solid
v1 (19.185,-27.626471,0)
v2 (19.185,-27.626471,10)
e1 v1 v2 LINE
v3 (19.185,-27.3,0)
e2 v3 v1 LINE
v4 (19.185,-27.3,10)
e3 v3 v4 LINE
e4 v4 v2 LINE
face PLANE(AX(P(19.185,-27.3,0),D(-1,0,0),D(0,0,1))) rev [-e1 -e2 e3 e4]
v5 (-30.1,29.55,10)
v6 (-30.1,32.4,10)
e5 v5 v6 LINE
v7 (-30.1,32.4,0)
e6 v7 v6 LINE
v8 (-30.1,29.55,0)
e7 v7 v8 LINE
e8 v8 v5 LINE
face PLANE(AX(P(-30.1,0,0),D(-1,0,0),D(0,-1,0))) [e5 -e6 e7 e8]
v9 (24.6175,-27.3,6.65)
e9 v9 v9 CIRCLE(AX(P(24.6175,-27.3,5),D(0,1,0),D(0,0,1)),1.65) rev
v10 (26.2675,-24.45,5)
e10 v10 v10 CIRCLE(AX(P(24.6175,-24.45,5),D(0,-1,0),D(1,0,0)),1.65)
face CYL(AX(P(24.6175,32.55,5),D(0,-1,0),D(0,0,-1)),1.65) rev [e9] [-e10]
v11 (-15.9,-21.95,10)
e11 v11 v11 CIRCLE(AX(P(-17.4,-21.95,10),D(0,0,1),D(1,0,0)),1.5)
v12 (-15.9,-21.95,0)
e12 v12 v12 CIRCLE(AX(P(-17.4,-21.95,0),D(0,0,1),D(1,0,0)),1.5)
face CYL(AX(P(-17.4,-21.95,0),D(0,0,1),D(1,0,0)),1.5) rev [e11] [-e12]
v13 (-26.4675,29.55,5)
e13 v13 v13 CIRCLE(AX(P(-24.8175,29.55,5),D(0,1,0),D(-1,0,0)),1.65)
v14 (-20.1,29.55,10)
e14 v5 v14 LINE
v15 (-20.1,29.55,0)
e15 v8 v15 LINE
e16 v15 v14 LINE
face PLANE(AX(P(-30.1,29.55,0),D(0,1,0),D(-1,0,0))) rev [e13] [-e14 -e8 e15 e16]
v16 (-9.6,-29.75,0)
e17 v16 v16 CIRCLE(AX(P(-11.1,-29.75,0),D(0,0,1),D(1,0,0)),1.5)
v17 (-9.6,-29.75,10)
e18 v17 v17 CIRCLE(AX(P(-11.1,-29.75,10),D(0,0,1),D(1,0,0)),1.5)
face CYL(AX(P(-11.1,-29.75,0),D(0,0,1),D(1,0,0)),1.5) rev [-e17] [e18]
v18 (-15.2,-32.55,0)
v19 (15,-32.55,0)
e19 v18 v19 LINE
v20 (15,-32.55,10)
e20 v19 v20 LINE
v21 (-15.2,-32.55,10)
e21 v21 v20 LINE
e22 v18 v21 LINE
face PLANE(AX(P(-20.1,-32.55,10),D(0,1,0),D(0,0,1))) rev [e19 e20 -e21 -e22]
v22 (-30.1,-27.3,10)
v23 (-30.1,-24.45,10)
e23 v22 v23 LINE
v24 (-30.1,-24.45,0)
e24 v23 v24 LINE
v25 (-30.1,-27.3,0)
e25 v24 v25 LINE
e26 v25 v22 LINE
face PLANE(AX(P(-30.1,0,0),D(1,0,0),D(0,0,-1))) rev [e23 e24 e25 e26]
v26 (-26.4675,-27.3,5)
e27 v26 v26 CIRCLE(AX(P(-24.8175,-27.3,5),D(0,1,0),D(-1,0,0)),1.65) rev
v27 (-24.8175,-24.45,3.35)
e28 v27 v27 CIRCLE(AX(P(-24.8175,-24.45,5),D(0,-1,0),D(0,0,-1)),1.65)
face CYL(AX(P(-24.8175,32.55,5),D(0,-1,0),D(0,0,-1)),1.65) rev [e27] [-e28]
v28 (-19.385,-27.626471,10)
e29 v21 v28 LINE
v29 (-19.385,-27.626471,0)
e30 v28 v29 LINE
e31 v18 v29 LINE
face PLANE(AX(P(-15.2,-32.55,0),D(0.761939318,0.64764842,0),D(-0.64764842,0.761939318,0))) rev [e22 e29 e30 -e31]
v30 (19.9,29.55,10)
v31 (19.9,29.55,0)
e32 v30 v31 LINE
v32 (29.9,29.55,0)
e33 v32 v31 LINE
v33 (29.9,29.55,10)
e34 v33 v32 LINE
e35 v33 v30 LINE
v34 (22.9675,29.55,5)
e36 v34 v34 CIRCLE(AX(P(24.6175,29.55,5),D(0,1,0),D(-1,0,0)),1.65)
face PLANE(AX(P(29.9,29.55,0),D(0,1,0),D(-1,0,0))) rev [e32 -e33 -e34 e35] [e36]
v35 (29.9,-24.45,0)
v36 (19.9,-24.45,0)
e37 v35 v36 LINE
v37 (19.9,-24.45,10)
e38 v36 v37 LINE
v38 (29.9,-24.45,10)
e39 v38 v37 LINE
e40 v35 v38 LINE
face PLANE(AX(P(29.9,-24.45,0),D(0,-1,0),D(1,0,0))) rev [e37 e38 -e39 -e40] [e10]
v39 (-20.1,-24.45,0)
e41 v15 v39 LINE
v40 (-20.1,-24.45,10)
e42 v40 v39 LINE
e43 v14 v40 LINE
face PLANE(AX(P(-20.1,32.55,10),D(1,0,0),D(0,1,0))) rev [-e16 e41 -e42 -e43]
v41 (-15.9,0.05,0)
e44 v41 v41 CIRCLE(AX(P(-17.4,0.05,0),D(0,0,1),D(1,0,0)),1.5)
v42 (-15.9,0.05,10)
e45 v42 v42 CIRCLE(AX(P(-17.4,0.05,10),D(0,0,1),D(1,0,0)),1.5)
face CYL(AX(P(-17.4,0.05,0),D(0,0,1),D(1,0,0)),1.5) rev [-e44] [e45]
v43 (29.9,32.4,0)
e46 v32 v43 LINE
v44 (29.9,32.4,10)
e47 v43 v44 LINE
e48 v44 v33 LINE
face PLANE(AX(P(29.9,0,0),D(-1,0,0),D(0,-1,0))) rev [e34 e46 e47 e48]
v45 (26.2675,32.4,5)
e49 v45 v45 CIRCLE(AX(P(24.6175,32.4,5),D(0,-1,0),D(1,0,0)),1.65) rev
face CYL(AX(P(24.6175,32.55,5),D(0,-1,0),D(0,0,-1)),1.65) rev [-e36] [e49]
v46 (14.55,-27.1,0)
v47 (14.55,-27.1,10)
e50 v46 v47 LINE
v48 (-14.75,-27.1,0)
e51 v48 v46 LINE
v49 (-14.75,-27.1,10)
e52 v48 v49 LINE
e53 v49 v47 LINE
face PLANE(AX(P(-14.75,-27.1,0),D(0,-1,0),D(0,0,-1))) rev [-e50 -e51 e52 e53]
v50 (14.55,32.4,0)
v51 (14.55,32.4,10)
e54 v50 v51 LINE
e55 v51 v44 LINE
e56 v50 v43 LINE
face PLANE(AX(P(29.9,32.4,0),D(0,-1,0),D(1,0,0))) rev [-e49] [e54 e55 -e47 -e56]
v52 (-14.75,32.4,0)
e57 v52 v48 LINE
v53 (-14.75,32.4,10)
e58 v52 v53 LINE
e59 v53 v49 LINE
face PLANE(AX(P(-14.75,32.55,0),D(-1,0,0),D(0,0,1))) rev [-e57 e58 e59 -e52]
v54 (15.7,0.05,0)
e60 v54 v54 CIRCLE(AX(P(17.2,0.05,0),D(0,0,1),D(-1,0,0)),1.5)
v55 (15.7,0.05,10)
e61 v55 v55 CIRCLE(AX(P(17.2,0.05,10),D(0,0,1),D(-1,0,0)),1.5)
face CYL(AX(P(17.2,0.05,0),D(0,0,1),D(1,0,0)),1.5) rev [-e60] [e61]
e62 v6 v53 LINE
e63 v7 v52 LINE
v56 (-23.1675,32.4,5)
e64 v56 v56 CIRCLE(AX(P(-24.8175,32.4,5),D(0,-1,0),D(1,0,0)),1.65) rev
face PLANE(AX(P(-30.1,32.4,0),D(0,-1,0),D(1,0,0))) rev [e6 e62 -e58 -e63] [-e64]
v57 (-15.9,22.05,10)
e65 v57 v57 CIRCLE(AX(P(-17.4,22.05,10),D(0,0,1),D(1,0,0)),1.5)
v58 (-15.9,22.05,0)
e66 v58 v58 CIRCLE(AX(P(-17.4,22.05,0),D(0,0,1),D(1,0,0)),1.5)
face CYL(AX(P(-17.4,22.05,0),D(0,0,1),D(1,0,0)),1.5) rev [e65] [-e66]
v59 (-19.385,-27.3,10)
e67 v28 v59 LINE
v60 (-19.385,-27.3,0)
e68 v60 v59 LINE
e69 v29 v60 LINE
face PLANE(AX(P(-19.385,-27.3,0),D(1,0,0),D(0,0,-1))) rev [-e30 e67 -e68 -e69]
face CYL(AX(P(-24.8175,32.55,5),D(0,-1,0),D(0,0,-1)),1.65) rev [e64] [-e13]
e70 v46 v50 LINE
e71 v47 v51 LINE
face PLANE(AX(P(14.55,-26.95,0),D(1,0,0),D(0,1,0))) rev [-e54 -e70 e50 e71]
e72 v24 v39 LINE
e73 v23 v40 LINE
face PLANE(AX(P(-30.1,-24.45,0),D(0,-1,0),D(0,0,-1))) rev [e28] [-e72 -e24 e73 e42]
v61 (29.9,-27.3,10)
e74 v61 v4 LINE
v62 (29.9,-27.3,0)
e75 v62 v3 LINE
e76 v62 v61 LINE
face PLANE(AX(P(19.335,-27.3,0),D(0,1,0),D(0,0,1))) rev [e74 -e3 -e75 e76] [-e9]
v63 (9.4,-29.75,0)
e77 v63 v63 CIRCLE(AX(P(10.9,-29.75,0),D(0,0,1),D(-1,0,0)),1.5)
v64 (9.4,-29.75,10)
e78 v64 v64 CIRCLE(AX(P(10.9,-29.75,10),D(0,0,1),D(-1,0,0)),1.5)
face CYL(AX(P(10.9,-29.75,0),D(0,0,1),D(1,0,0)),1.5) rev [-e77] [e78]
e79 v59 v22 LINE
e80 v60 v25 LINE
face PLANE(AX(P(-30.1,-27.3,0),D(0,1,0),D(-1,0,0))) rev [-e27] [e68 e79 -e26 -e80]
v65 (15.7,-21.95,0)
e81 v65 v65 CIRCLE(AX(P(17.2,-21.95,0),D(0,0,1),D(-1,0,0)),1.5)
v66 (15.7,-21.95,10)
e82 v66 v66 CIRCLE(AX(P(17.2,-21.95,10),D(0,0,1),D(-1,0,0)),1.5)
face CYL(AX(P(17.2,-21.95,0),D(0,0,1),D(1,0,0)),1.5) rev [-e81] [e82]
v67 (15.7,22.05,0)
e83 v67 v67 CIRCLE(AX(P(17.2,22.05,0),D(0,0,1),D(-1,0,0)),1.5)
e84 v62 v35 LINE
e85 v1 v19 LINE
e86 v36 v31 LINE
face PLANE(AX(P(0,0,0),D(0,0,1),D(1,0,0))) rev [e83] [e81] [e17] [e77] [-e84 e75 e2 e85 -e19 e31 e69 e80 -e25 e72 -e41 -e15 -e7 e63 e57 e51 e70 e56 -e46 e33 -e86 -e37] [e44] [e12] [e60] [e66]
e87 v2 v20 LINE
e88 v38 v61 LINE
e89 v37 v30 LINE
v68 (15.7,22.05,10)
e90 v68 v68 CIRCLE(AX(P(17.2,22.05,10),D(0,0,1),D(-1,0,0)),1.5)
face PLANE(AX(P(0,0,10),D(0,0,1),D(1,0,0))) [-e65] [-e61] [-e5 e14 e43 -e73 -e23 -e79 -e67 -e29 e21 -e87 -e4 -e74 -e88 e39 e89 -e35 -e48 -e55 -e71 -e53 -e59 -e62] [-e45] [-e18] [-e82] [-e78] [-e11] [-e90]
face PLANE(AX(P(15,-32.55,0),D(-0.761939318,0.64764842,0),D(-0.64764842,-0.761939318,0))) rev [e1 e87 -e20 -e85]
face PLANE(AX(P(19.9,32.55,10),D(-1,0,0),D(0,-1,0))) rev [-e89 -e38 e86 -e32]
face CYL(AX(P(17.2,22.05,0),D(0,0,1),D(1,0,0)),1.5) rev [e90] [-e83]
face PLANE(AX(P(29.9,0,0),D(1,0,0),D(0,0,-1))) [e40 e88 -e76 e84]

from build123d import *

# Parameters (mm, degrees)
SKETCH1_W               = 40
SKETCH1_H               = 65.1
BOSS_EXTRUDE1_DEPTH     = 10
CUT_EXTRUDE1_DEPTH      = 10
SKETCH4_W               = 29.3
SKETCH4_H               = 59.5
CUT_EXTRUDE2_DEPTH      = 10
SKETCH5_R               = 1.5
CUT_EXTRUDE3_DEPTH      = 10
SKETCH7_W               = 10
SKETCH7_H               = 3
BOSS_EXTRUDE2_DEPTH     = 10
SKETCH8_W               = 10
SKETCH8_H               = 3
BOSS_EXTRUDE3_DEPTH     = 10
SKETCH9_R               = 1.65
CUT_EXTRUDE4_DEPTH      = 61
SKETCH10_R              = 1.65
CUT_EXTRUDE5_DEPTH      = 61
ESQUISSE1_W             = 15.35
ESQUISSE1_H             = 0.15
ESQUISSE1_W_2           = 29.3
ENL_V_MAT_EXTRU_1_DEPTH = 11


with BuildPart() as part:
    # Sketch1 → Boss-Extrude1 (new body)
    with BuildSketch(Plane.XY):
        with Locations((-0.1, 0)):
            Rectangle(SKETCH1_W, SKETCH1_H)
    extrude(amount=BOSS_EXTRUDE1_DEPTH)

    # Sketch2 → Cut-Extrude1 (cut)
    with BuildSketch(Plane.XY.offset(10)):
        Polygon((15, -32.55), (19.335, -27.45), (19.9, -27.45), (19.9, -32.55), align=None)
        Polygon((-20.1, -27.45), (-20.1, -32.55), (-15.2, -32.55), (-19.535, -27.45), align=None)
    extrude(amount=-CUT_EXTRUDE1_DEPTH, mode=Mode.SUBTRACT)

    # Sketch4 → Cut-Extrude2 (cut)
    with BuildSketch(Plane.XY.offset(10)):
        with Locations((-0.1, 2.8)):
            Rectangle(SKETCH4_W, SKETCH4_H)
    extrude(amount=-CUT_EXTRUDE2_DEPTH, mode=Mode.SUBTRACT)

    # Sketch5 → Cut-Extrude3 (cut)
    with BuildSketch(Plane.XY.offset(10)):
        with Locations((-17.4, 22.05)):
            Circle(SKETCH5_R)
        with Locations((-17.4, 0.05)):
            Circle(SKETCH5_R)
        with Locations((-17.4, -21.95)):
            Circle(SKETCH5_R)
        with Locations((-11.1, -29.75)):
            Circle(SKETCH5_R)
        with Locations((10.9, -29.75)):
            Circle(SKETCH5_R)
        with Locations((17.2, -21.95)):
            Circle(SKETCH5_R)
        with Locations((17.2, 0.05)):
            Circle(SKETCH5_R)
        with Locations((17.2, 22.05)):
            Circle(SKETCH5_R)
    extrude(amount=-CUT_EXTRUDE3_DEPTH, mode=Mode.SUBTRACT)

    # Sketch7 → Boss-Extrude2 (add)
    with BuildSketch(Plane(origin=(19.9, 0, 0), x_dir=(0, 0, -1), z_dir=(1, 0, 0))):
        with Locations((-5, 31.05)):
            Rectangle(SKETCH7_W, SKETCH7_H)
        with Locations((-5, -25.95)):
            Rectangle(SKETCH7_W, SKETCH7_H)
    extrude(amount=BOSS_EXTRUDE2_DEPTH)

    # Sketch8 → Boss-Extrude3 (add)
    with BuildSketch(Plane.ZY.offset(20.1)):
        with Locations((5, 31.05)):
            Rectangle(SKETCH8_W, SKETCH8_H)
        with Locations((5, -25.95)):
            Rectangle(SKETCH8_W, SKETCH8_H)
    extrude(amount=BOSS_EXTRUDE3_DEPTH)

    # Sketch9 → Cut-Extrude4 (cut, through all)
    with BuildSketch(Plane(origin=(0, -27.45, 0), x_dir=(-1, 0, 0), z_dir=(0, -1, 0))):
        with Locations((24.8175, -5)):
            Circle(SKETCH9_R)
    extrude(amount=-CUT_EXTRUDE4_DEPTH, mode=Mode.SUBTRACT)

    # Sketch10 → Cut-Extrude5 (cut, through all)
    with BuildSketch(Plane(origin=(0, -27.45, 0), x_dir=(-1, 0, 0), z_dir=(0, -1, 0))):
        with Locations((-24.6175, -5)):
            Circle(SKETCH10_R)
    extrude(amount=-CUT_EXTRUDE5_DEPTH, mode=Mode.SUBTRACT)

    # Esquisse1 → Enlèv. mat.-Extru.1 (cut, through all)
    with BuildSketch(Plane.XY.offset(10)):
        Polygon((29.9, -27.45), (29.9, -27.3), (19.335, -27.3), (19.185, -27.3), (19.185, -27.905597112), (27.185, -27.905597112), (27.185, -27.45), align=None)
        with Locations((22.225, 32.475)):
            Rectangle(ESQUISSE1_W, ESQUISSE1_H)
        Polygon((-27.385, -27.905597112), (-27.385, -27.45), (-30.1, -27.45), (-30.1, -27.3), (-19.535, -27.3), (-19.385, -27.3), (-19.385, -27.905597112), align=None)
        with Locations((-22.425, 32.475)):
            Rectangle(ESQUISSE1_W, ESQUISSE1_H)
        with Locations((-0.1, -27.025)):
            Rectangle(ESQUISSE1_W_2, ESQUISSE1_H)
    extrude(amount=-ENL_V_MAT_EXTRU_1_DEPTH, mode=Mode.SUBTRACT)


solid = part.part
